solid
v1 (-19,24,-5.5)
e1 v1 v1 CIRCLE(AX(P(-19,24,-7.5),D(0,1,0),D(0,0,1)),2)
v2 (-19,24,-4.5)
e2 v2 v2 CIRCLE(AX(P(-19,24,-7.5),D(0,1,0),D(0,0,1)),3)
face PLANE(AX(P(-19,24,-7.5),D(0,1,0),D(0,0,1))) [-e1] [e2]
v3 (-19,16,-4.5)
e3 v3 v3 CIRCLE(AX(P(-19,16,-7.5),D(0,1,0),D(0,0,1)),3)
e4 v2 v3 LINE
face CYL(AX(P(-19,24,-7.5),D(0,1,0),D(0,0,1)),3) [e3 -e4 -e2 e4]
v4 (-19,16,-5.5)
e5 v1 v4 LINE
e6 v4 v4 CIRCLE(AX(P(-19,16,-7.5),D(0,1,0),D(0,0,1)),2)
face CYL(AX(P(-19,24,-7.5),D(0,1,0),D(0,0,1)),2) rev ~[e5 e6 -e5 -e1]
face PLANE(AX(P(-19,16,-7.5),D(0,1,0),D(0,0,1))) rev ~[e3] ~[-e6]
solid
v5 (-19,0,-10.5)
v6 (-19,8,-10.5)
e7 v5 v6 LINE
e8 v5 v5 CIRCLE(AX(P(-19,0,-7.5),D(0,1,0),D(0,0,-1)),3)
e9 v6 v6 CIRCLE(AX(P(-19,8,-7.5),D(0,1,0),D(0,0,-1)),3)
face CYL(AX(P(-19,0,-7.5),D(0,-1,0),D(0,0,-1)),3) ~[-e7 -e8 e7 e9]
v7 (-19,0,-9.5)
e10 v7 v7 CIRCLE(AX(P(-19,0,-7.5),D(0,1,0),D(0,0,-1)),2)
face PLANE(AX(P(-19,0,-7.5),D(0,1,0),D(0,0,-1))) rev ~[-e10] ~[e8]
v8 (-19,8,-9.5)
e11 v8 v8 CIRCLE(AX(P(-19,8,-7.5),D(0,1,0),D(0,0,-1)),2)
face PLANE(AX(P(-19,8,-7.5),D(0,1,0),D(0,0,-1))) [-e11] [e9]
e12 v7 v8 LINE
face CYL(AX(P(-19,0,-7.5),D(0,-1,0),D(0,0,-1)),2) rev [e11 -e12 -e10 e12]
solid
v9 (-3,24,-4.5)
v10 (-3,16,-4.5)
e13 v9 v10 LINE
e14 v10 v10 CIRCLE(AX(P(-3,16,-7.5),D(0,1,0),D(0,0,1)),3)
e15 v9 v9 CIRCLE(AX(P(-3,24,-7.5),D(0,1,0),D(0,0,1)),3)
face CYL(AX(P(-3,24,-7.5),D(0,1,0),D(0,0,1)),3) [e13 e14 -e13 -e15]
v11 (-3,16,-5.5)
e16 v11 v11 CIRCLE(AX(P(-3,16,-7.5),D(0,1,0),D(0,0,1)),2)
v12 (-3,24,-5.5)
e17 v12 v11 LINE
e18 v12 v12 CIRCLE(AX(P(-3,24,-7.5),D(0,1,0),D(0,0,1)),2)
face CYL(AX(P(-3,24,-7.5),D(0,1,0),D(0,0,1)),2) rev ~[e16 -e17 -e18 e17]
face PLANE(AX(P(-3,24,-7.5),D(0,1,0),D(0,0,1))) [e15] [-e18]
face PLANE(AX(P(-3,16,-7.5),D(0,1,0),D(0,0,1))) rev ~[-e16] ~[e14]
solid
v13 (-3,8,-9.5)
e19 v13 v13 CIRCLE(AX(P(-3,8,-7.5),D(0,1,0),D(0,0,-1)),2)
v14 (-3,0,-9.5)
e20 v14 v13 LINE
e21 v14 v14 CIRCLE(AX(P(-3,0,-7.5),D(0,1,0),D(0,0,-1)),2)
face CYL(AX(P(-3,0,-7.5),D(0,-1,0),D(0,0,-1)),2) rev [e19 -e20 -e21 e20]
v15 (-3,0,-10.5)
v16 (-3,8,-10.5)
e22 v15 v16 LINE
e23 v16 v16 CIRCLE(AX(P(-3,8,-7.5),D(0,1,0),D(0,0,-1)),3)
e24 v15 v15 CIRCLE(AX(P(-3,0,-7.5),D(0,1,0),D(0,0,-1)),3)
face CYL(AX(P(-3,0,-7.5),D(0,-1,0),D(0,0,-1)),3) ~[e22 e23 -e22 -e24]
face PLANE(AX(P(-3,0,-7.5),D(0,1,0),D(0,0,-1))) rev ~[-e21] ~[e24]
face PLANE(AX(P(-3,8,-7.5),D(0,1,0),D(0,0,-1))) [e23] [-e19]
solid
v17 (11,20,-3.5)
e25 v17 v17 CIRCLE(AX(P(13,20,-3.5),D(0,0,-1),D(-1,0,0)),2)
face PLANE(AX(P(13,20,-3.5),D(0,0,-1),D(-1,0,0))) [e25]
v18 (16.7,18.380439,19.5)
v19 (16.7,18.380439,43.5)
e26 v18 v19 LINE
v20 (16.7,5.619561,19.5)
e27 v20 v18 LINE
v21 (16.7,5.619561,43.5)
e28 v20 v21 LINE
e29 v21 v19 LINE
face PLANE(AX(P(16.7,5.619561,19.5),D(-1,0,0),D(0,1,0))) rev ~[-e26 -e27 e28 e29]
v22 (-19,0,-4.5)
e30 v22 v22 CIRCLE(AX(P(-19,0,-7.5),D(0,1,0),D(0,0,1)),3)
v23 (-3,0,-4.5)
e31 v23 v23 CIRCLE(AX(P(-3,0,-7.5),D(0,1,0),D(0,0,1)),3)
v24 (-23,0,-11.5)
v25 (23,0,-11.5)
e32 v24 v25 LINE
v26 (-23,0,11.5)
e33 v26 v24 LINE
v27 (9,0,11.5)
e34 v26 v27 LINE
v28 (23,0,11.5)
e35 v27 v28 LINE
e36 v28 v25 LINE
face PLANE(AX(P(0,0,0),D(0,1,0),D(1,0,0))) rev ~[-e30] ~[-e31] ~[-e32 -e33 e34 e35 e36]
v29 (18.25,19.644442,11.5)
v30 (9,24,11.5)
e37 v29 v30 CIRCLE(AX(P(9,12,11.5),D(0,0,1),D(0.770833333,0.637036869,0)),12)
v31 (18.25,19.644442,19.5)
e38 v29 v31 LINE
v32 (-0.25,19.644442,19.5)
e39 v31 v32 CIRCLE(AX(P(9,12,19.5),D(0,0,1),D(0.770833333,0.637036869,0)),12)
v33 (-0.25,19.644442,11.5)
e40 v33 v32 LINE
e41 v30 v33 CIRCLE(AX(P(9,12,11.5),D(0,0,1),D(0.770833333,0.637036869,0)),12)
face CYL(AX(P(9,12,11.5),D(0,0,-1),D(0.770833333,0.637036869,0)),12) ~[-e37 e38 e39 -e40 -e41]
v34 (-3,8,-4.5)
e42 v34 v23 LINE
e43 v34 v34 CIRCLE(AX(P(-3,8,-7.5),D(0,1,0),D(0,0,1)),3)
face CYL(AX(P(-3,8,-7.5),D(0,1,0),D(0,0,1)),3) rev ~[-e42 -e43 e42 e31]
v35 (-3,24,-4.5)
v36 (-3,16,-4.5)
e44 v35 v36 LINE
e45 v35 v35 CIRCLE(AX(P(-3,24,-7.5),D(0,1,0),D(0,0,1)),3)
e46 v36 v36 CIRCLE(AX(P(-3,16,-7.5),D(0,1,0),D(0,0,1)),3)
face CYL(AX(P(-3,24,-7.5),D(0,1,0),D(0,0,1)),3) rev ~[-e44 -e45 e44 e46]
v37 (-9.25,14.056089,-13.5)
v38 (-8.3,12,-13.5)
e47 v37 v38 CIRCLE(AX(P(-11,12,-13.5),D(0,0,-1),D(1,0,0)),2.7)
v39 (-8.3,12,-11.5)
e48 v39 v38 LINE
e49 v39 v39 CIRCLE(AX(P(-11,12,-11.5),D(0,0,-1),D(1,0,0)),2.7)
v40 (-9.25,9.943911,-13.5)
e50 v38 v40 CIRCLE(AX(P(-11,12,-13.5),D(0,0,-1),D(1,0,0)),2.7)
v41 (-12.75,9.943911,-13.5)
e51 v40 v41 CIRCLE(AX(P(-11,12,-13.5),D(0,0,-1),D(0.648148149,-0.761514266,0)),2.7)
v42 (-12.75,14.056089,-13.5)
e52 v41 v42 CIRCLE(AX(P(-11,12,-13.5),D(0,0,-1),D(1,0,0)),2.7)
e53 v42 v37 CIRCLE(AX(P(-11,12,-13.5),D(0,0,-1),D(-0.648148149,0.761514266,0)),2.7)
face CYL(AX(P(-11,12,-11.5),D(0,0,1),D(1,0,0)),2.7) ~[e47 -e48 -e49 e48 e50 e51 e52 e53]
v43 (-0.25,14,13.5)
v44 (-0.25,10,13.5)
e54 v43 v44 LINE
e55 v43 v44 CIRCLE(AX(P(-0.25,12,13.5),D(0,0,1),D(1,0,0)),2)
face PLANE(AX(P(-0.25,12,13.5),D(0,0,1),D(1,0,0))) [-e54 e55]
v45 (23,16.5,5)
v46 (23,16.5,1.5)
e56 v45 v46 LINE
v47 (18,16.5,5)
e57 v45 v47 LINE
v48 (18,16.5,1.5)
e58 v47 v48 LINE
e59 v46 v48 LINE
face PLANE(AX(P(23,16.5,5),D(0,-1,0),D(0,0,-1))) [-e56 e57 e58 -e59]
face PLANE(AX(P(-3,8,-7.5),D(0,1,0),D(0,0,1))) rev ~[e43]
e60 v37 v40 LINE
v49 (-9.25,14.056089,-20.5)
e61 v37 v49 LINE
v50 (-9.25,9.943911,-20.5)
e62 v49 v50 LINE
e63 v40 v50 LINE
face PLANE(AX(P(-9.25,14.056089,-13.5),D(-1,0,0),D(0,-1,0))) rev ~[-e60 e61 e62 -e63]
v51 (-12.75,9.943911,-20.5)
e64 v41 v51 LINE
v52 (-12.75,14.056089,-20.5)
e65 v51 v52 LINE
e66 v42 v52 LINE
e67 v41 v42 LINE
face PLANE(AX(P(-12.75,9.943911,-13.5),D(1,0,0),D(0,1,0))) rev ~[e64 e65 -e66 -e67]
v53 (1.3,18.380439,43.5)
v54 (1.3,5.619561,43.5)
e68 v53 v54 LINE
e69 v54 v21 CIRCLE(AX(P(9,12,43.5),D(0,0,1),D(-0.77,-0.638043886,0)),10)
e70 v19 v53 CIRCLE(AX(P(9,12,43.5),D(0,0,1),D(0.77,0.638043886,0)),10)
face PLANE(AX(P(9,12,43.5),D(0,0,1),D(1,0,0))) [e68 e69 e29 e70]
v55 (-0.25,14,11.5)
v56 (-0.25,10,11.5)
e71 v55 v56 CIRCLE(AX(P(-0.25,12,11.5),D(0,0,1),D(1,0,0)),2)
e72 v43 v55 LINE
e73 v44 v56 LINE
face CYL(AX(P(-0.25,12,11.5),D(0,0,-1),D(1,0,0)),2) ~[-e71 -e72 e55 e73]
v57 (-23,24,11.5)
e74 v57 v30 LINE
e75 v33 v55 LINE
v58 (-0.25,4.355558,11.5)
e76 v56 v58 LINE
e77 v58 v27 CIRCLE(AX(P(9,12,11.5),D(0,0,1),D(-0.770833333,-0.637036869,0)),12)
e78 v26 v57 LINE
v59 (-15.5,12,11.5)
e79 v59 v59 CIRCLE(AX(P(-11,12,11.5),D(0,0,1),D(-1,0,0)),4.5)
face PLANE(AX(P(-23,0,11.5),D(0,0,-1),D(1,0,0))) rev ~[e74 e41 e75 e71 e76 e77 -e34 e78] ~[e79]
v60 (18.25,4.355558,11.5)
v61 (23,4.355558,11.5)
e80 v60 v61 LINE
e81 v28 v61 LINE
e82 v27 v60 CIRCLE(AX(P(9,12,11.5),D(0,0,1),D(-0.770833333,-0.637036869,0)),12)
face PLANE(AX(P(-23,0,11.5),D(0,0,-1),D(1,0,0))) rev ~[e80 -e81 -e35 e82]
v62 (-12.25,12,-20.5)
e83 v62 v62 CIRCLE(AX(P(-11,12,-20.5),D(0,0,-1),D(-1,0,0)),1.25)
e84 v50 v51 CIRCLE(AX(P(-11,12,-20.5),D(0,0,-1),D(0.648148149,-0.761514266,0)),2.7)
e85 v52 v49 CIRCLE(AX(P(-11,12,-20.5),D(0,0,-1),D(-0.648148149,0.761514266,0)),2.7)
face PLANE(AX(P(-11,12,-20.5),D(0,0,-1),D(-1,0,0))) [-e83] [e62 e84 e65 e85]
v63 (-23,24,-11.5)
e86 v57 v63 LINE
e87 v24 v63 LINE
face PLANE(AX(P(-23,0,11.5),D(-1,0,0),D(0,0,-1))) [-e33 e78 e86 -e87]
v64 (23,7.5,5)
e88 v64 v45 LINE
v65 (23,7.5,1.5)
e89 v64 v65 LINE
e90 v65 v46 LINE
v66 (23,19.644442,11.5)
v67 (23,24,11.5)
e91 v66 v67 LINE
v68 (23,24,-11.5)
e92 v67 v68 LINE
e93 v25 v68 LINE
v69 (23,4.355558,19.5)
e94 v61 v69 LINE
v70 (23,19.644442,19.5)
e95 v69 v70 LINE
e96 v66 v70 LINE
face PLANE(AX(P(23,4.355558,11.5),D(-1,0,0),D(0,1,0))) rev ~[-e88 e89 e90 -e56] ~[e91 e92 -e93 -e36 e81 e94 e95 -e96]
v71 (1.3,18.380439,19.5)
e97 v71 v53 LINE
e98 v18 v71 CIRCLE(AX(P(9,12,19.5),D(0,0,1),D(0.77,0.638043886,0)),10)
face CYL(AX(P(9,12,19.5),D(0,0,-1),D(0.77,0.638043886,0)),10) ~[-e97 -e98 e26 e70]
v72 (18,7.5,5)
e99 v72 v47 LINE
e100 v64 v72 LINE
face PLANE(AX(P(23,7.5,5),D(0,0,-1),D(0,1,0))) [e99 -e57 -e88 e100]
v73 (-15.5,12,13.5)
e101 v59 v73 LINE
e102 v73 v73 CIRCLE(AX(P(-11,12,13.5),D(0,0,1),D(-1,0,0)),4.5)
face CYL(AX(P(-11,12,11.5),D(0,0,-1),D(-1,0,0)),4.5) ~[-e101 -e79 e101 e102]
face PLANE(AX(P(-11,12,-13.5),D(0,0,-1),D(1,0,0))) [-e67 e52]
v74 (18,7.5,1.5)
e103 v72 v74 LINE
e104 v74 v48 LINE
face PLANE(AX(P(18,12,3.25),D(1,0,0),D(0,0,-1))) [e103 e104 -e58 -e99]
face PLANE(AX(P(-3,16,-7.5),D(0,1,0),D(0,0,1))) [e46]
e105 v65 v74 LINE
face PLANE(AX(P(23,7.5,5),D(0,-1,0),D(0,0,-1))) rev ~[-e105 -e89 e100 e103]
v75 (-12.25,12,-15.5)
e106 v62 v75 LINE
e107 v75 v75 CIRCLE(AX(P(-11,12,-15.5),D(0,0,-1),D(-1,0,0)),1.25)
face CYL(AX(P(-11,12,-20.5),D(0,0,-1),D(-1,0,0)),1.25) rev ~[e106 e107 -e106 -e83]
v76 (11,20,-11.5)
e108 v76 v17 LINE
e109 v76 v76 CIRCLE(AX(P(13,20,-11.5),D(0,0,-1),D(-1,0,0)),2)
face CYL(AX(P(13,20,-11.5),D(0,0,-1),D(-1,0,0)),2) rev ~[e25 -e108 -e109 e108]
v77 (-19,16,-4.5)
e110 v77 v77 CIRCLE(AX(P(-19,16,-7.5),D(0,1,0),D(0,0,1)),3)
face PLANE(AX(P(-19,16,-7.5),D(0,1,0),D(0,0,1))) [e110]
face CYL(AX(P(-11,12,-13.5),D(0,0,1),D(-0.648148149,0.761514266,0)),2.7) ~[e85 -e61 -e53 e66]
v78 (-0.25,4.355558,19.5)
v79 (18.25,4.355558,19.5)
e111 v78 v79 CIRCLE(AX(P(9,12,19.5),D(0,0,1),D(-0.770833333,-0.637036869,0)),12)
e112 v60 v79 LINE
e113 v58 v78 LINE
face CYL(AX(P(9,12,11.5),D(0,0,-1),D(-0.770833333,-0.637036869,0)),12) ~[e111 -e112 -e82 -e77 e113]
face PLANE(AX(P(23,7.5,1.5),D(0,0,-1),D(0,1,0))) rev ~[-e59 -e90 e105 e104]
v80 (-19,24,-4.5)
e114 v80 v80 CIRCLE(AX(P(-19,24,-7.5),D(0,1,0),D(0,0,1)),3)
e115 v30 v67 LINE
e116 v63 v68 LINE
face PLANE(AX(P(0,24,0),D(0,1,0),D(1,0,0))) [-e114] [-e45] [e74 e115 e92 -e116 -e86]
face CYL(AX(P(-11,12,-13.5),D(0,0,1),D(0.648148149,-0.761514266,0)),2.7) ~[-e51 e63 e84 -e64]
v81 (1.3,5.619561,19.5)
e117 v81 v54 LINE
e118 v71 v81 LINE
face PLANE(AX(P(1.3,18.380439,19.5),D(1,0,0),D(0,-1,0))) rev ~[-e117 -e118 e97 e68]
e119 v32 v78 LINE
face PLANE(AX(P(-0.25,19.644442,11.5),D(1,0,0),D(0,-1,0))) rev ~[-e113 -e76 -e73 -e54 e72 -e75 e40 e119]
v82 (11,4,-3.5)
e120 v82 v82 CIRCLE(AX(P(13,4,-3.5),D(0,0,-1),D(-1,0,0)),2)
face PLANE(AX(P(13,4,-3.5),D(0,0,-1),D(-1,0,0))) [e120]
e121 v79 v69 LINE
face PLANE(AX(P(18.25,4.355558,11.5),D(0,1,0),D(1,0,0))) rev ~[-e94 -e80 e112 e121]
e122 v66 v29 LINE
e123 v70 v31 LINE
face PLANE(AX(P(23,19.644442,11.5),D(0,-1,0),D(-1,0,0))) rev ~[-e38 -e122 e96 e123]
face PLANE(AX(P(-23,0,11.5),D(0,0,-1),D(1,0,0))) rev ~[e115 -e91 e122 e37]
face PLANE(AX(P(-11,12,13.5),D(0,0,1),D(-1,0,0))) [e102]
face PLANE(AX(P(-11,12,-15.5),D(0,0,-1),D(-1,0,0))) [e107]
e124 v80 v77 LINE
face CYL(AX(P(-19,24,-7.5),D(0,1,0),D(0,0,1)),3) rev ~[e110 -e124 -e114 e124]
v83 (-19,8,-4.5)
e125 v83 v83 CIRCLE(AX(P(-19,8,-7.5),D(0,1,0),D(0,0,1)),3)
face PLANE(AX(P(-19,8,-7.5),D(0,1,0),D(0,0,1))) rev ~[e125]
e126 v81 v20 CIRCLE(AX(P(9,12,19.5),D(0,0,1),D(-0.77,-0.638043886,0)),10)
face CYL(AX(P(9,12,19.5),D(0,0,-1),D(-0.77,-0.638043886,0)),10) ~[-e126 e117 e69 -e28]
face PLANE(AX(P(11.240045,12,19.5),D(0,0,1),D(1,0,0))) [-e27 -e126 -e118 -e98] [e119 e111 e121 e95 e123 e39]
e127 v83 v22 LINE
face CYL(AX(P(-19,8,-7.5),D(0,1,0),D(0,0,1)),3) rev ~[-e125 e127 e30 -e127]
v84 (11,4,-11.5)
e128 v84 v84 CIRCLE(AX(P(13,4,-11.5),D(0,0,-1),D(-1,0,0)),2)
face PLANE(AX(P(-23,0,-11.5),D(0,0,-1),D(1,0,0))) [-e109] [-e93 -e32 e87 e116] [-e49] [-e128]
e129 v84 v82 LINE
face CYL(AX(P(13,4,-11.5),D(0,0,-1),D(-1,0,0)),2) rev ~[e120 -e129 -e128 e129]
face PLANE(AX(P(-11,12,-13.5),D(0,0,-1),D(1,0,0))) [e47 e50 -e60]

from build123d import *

# Parameters (mm, degrees)
SKETCH_1_W            = 46
SKETCH_1_H            = 23
EXTRUDE_1_DEPTH       = 24
EXTRUDE_2_DEPTH       = 8
EXTRUDE_3_DEPTH       = 24
SKETCH_4_R            = 4.5
SKETCH_4_R_2          = 2
EXTRUDE_4_DEPTH       = 2
SKETCH_6_W            = 3.5
SKETCH_6_H            = 9
CUT_EXTRUDE_1_DEPTH   = 5
SKETCH_7_R            = 2.7
EXTRUDE_5_DEPTH       = 2
EXTRUDE_6_DEPTH       = 7
SKETCH_9_R            = 1.25
CUT_EXTRUDE_2_DEPTH   = 5
SKETCH_10_R           = 3
CUT_EXTRUDE_3_DEPTH   = 8
CUT_EXTRUDE_START     = -16
SKETCH_10_2_R         = 3
CUT_EXTRUDE_4_DEPTH   = 8
SKETCH_11_R           = 2
CUT_EXTRUDE_5_DEPTH   = 8
SKETCH1_R             = 3
SKETCH1_R_2           = 2
BOSS_EXTRUDE1_DEPTH   = 8
BOSS_EXTRUDE1_2_DEPTH = 8
BOSS_EXTRUDE2_START   = -24
SKETCH1_2_R           = 3
SKETCH1_2_R_2         = 2
BOSS_EXTRUDE2_DEPTH   = 8
BOSS_EXTRUDE2_2_DEPTH = 8


with BuildPart() as part:
    # 草图1 → 凸台-拉伸1 (new body)
    with BuildSketch(Plane(origin=(0, 0, 0), x_dir=(1, 0, 0), z_dir=(0, 1, 0))):
        Rectangle(SKETCH_1_W, SKETCH_1_H)
    extrude(amount=EXTRUDE_1_DEPTH)

    # 草图2 → 凸台-拉伸2 (add)
    with BuildSketch(Plane.XY.offset(11.5)):
        with BuildLine():
            Line((-0.25, 19.644442426), (-0.25, 4.355557574))
            ThreePointArc((-0.25, 4.355557574), (9, 0), (18.25, 4.355557574))
            Line((18.25, 4.355557574), (23, 4.355557574))
            Line((23, 4.355557574), (23, 19.644442426))
            Line((23, 19.644442426), (18.25, 19.644442426))
            ThreePointArc((18.25, 19.644442426), (9, 24), (-0.25, 19.644442426))
        make_face()
    extrude(amount=EXTRUDE_2_DEPTH)

    # 草图3 → 凸台-拉伸3 (add)
    with BuildSketch(Plane.XY.offset(19.5)):
        with BuildLine():
            Line((1.3, 18.380438856), (1.3, 5.619561144))
            ThreePointArc((1.3, 5.619561144), (9, 2), (16.7, 5.619561144))
            Line((16.7, 5.619561144), (16.7, 18.380438856))
            ThreePointArc((16.7, 18.380438856), (9, 22), (1.3, 18.380438856))
        make_face()
    extrude(amount=EXTRUDE_3_DEPTH)

    # 草图4 → 凸台-拉伸4 (add)
    with BuildSketch(Plane.XY.offset(11.5)):
        with Locations(Location((-11, 12, 0), (0, 0, 180))):
            Circle(SKETCH_4_R)
        with Locations((-0.25, 12)):
            Circle(SKETCH_4_R_2)
    extrude(amount=EXTRUDE_4_DEPTH)

    # 草图6 → 切除-拉伸1 (cut)
    with BuildSketch(Plane(origin=(23, 0, 0), x_dir=(0, 0, -1), z_dir=(1, 0, 0))):
        with Locations((-3.25, 12)):
            Rectangle(SKETCH_6_W, SKETCH_6_H)
    extrude(amount=-CUT_EXTRUDE_1_DEPTH, mode=Mode.SUBTRACT)

    # 草图7 → 凸台-拉伸5 (add)
    with BuildSketch(Plane(origin=(0, 0, -11.5), x_dir=(-1, 0, 0), z_dir=(0, 0, -1))):
        with Locations(Location((11, 12, 0), (0, 0, 180))):
            Circle(SKETCH_7_R)
    extrude(amount=EXTRUDE_5_DEPTH)

    # 草图8 → 凸台-拉伸6 (add)
    with BuildSketch(Plane(origin=(0, 0, -13.5), x_dir=(-1, 0, 0), z_dir=(0, 0, -1))):
        with BuildLine():
            Line((9.25, 14.056088519), (9.25, 9.943911481))
            ThreePointArc((9.25, 9.943911481), (11, 9.3), (12.75, 9.943911481))
            Line((12.75, 9.943911481), (12.75, 14.056088519))
            ThreePointArc((12.75, 14.056088519), (11, 14.7), (9.25, 14.056088519))
        make_face()
    extrude(amount=EXTRUDE_6_DEPTH)

    # 草图9 → 切除-拉伸2 (cut)
    with BuildSketch(Plane(origin=(0, 0, -20.5), x_dir=(-1, 0, 0), z_dir=(0, 0, -1))):
        with Locations((11, 12)):
            Circle(SKETCH_9_R)
    extrude(amount=-CUT_EXTRUDE_2_DEPTH, mode=Mode.SUBTRACT)

    # 草图10 → 切除-拉伸3 (cut)
    with BuildSketch(Plane(origin=(0, 24, 0), x_dir=(1, 0, 0), z_dir=(0, 1, 0))):
        with Locations(Location((-19, 7.5, 0), (0, 0, 270))):
            Circle(SKETCH_10_R)
        with Locations(Location((-3, 7.5, 0), (0, 0, 270))):
            Circle(SKETCH_10_R)
    extrude(amount=-CUT_EXTRUDE_3_DEPTH, mode=Mode.SUBTRACT)

    # 草图10<2> → 切除-拉伸4 (cut)
    with BuildSketch(Plane(origin=(0, 24, 0), x_dir=(1, 0, 0), z_dir=(0, 1, 0)).offset(CUT_EXTRUDE_START)):
        with Locations(Location((-19, 7.5, 0), (0, 0, 270))):
            Circle(SKETCH_10_2_R)
        with Locations(Location((-3, 7.5, 0), (0, 0, 270))):
            Circle(SKETCH_10_2_R)
    extrude(amount=-CUT_EXTRUDE_4_DEPTH, mode=Mode.SUBTRACT)

    # 草图11 → 切除-拉伸5 (cut)
    with BuildSketch(Plane(origin=(0, 0, -11.5), x_dir=(-1, 0, 0), z_dir=(0, 0, -1))):
        with Locations((-13, 20)):
            Circle(SKETCH_11_R)
        with Locations((-13, 4)):
            Circle(SKETCH_11_R)
    extrude(amount=-CUT_EXTRUDE_5_DEPTH, mode=Mode.SUBTRACT)


with BuildPart() as body_2:
    # Sketch1 → Boss-Extrude1 (new body)
    with BuildSketch(Plane(origin=(0, 24, 0), x_dir=(1, 0, 0), z_dir=(0, 1, 0))):
        with Locations(Location((-3, 7.5, 0), (0, 0, 270))):
            Circle(SKETCH1_R)
        with Locations(Location((-3, 7.5, 0), (0, 0, 270))):
            Circle(SKETCH1_R_2, mode=Mode.SUBTRACT)
    extrude(amount=-BOSS_EXTRUDE1_DEPTH)


with BuildPart() as body_3:
    # Sketch1 → Boss-Extrude1 2 (new body)
    with BuildSketch(Plane(origin=(0, 24, 0), x_dir=(1, 0, 0), z_dir=(0, 1, 0))):
        with Locations(Location((-19, 7.5, 0), (0, 0, 270))):
            Circle(SKETCH1_R)
        with Locations(Location((-19, 7.5, 0), (0, 0, 270))):
            Circle(SKETCH1_R_2, mode=Mode.SUBTRACT)
    extrude(amount=-BOSS_EXTRUDE1_2_DEPTH)


with BuildPart() as body_4:
    # Sketch1<2> → Boss-Extrude2 (new body)
    with BuildSketch(Plane(origin=(0, 24, 0), x_dir=(1, 0, 0), z_dir=(0, 1, 0)).offset(BOSS_EXTRUDE2_START)):
        with Locations(Location((-3, 7.5, 0), (0, 0, 90))):
            Circle(SKETCH1_2_R)
        with Locations(Location((-3, 7.5, 0), (0, 0, 90))):
            Circle(SKETCH1_2_R_2, mode=Mode.SUBTRACT)
    extrude(amount=BOSS_EXTRUDE2_DEPTH)


with BuildPart() as body_5:
    # Sketch1<2> → Boss-Extrude2 2 (new body)
    with BuildSketch(Plane(origin=(0, 24, 0), x_dir=(1, 0, 0), z_dir=(0, 1, 0)).offset(BOSS_EXTRUDE2_START)):
        with Locations(Location((-19, 7.5, 0), (0, 0, 90))):
            Circle(SKETCH1_2_R)
        with Locations(Location((-19, 7.5, 0), (0, 0, 90))):
            Circle(SKETCH1_2_R_2, mode=Mode.SUBTRACT)
    extrude(amount=BOSS_EXTRUDE2_2_DEPTH)


solid = Compound([part.part, body_2.part, body_3.part, body_4.part, body_5.part])
